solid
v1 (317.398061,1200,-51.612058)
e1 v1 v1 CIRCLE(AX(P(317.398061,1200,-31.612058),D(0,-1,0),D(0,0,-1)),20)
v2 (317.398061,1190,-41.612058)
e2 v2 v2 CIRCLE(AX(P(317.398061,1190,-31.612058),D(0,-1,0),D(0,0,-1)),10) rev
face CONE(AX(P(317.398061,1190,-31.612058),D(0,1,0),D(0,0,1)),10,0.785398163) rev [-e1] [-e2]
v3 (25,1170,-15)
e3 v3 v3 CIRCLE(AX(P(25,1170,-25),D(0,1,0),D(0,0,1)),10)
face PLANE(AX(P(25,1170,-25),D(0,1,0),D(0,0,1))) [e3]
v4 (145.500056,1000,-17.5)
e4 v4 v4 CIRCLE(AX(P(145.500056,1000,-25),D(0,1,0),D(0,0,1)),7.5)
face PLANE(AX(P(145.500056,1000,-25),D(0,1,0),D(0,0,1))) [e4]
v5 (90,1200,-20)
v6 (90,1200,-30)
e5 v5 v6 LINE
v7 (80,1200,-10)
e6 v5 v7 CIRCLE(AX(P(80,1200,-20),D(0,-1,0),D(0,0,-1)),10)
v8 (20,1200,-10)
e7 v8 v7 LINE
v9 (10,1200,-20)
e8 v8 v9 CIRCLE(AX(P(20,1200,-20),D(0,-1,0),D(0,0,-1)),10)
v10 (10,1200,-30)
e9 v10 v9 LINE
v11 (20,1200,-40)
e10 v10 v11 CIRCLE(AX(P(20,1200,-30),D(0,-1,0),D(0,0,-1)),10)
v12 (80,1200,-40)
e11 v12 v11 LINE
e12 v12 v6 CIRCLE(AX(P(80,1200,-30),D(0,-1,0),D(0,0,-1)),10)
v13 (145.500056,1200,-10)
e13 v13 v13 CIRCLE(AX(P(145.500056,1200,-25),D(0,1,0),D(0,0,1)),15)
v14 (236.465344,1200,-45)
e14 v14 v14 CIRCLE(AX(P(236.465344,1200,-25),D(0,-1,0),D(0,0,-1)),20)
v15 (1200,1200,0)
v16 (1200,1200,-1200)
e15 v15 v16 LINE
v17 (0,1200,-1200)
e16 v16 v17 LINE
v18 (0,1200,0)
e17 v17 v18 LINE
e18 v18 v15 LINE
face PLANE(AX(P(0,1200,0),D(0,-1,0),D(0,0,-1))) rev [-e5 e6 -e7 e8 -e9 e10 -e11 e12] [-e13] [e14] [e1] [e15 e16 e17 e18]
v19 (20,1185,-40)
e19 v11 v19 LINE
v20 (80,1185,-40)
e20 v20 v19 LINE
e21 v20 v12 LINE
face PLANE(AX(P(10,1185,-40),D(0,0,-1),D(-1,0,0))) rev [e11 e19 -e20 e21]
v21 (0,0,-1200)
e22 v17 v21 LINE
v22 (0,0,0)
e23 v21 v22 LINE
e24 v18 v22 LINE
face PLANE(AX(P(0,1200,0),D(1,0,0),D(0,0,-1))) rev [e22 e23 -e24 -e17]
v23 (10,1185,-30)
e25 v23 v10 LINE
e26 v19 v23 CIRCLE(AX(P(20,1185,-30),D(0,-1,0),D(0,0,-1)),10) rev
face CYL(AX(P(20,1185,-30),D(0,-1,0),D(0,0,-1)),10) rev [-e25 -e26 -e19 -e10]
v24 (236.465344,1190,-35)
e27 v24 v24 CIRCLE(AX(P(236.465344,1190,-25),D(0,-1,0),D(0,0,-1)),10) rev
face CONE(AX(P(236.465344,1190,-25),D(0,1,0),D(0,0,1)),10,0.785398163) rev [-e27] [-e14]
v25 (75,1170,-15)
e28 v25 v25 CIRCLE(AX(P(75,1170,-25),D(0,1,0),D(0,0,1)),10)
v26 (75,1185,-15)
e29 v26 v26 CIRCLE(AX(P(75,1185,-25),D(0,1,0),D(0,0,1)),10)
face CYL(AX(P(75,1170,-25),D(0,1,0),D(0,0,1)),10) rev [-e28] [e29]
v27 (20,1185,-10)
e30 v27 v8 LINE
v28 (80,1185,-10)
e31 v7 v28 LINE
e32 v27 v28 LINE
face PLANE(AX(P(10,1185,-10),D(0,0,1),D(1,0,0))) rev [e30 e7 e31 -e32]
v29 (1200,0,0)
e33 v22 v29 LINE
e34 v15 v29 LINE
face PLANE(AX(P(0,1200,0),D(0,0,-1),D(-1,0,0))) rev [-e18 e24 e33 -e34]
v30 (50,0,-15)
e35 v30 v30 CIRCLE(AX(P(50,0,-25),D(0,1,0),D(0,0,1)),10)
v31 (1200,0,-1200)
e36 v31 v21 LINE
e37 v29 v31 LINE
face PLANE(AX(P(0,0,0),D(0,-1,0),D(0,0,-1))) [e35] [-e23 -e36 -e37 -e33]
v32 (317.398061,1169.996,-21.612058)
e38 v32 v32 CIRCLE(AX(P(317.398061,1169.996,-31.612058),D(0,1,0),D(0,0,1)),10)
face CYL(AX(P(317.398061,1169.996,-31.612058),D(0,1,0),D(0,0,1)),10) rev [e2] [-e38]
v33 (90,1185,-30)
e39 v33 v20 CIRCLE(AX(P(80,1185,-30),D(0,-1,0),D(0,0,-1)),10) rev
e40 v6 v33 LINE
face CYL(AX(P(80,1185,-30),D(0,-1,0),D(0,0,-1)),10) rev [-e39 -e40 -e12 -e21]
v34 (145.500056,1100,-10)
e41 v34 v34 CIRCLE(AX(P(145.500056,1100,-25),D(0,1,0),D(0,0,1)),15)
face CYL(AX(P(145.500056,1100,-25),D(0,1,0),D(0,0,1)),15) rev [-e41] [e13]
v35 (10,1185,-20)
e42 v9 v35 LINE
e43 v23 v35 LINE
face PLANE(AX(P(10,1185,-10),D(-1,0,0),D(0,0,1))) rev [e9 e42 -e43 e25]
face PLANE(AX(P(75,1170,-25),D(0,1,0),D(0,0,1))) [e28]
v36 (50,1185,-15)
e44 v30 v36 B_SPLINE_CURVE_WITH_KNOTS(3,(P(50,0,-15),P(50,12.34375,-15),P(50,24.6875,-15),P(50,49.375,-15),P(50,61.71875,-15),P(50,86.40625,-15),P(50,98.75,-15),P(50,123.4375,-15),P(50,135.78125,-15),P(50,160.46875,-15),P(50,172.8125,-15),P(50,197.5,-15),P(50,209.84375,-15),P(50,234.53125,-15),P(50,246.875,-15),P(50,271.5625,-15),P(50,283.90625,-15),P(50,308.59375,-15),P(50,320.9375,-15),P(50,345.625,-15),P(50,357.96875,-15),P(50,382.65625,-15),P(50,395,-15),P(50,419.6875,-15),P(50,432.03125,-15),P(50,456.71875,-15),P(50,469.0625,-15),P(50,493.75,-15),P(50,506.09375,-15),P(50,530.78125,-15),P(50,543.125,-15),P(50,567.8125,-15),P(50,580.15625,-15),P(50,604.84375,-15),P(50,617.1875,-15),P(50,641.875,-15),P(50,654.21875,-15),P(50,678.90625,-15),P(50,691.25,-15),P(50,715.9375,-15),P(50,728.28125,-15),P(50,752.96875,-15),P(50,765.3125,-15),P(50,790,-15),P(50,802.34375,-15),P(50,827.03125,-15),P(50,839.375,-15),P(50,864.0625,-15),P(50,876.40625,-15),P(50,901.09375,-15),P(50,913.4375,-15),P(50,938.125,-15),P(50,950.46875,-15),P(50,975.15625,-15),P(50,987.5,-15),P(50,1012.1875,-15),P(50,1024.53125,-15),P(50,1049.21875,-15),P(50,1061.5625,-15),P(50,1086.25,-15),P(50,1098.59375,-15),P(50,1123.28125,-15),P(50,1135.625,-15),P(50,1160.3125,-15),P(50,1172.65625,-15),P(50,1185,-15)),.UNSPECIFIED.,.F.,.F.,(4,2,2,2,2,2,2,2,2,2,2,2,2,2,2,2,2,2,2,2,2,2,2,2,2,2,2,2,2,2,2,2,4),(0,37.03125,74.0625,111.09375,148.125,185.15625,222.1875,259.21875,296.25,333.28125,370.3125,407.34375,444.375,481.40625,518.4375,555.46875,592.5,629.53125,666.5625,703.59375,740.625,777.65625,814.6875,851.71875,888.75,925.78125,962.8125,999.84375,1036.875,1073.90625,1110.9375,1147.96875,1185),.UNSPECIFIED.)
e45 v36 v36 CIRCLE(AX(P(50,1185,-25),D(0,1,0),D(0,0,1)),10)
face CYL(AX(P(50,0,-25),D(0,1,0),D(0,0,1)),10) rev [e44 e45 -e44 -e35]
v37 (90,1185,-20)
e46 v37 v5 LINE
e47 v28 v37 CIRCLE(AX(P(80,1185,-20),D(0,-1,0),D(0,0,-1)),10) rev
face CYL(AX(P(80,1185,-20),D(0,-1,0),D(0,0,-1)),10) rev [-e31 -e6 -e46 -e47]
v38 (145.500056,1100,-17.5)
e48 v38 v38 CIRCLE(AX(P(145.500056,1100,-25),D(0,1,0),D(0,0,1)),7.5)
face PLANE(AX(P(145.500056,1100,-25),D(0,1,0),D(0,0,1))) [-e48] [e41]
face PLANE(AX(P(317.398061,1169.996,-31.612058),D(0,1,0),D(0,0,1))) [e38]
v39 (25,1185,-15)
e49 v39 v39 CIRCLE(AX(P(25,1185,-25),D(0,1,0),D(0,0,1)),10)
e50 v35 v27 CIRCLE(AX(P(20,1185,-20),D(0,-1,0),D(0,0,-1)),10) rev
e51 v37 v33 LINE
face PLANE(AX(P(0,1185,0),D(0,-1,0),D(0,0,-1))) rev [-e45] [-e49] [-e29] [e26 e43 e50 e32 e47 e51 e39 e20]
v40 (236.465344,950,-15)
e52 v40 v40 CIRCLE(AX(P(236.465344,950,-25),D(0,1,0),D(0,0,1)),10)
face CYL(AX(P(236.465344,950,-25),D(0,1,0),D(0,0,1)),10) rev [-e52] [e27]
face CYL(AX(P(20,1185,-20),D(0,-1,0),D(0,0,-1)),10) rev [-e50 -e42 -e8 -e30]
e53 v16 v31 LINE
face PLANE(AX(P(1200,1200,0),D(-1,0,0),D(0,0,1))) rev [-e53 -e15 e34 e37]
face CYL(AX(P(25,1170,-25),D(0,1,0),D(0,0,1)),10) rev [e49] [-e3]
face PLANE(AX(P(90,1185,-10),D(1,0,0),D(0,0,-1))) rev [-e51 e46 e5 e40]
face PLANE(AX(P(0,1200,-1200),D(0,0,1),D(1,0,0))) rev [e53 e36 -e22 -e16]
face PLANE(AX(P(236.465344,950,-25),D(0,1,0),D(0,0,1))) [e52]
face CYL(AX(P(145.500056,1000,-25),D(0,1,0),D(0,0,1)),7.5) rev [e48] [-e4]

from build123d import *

# Parameters (mm, degrees)
SKETCH1_W           = 1200
SKETCH1_H           = 1200
BOSS_EXTRUDE1_DEPTH = 1200
SKETCH3_W           = 80
SKETCH3_H           = 30
CUT_EXTRUDE2_DEPTH  = 15
FILLET1_R           = 10
SKETCH4_R           = 10
CUT_EXTRUDE3_DEPTH  = 15
SKETCH5_R           = 10
CUT_EXTRUDE4_DEPTH  = 2070.8369501
SKETCH6_R           = 15
CUT_EXTRUDE5_DEPTH  = 100
SKETCH8_R           = 7.5
CUT_EXTRUDE6_DEPTH  = 100
SKETCH11_R          = 10
CUT_EXTRUDE7_DEPTH  = 250
CHAMFER1_SIZE       = 10
SKETCH12_R          = 10
CUT_EXTRUDE8_DEPTH  = 30.004
CHAMFER2_SIZE       = 10


with BuildPart() as part:
    # Sketch1 → Boss-Extrude1 (new body)
    with BuildSketch(Plane(origin=(0, 0, 0), x_dir=(1, 0, 0), z_dir=(0, 1, 0))):
        with Locations((600, 600)):
            Rectangle(SKETCH1_W, SKETCH1_H)
    extrude(amount=BOSS_EXTRUDE1_DEPTH)

    # Sketch3 → Cut-Extrude2 (cut)
    with BuildSketch(Plane(origin=(0, 1200, 0), x_dir=(1, 0, 0), z_dir=(0, 1, 0))):
        with Locations((50, 25)):
            Rectangle(SKETCH3_W, SKETCH3_H)
    extrude(amount=-CUT_EXTRUDE2_DEPTH, mode=Mode.SUBTRACT)

    # Fillet1
    fillet1_edges = [part.edges().sort_by_distance(p)[0] for p in [
        (10, 1192.5, -10),
        (10, 1192.5, -40),
        (90, 1192.5, -40),
        (90, 1192.5, -10),
    ]]
    fillet(fillet1_edges, radius=FILLET1_R)

    # Sketch4 → Cut-Extrude3 (cut)
    with BuildSketch(Plane(origin=(0, 1185, 0), x_dir=(1, 0, 0), z_dir=(0, 1, 0))):
        with Locations(Location((25, 25, 0), (0, 0, 270))):
            Circle(SKETCH4_R)
        with Locations(Location((75, 25, 0), (0, 0, 270))):
            Circle(SKETCH4_R)
    extrude(amount=-CUT_EXTRUDE3_DEPTH, mode=Mode.SUBTRACT)

    # Sketch5 → Cut-Extrude4 (cut, through all)
    with BuildSketch(Plane(origin=(0, 1185, 0), x_dir=(1, 0, 0), z_dir=(0, 1, 0))):
        with Locations(Location((50, 25, 0), (0, 0, 270))):
            Circle(SKETCH5_R)
    extrude(amount=-CUT_EXTRUDE4_DEPTH, mode=Mode.SUBTRACT)

    # Sketch6 → Cut-Extrude5 (cut)
    with BuildSketch(Plane(origin=(0, 1200, 0), x_dir=(1, 0, 0), z_dir=(0, 1, 0))):
        with Locations(Location((145.500055777, 25, 0), (0, 0, 270))):
            Circle(SKETCH6_R)
    extrude(amount=-CUT_EXTRUDE5_DEPTH, mode=Mode.SUBTRACT)

    # Sketch8 → Cut-Extrude6 (cut)
    with BuildSketch(Plane(origin=(0, 1100, 0), x_dir=(1, 0, 0), z_dir=(0, 1, 0))):
        with Locations(Location((145.500055777, 25, 0), (0, 0, 270))):
            Circle(SKETCH8_R)
    extrude(amount=-CUT_EXTRUDE6_DEPTH, mode=Mode.SUBTRACT)

    # Sketch11 → Cut-Extrude7 (cut)
    with BuildSketch(Plane(origin=(0, 1200, 0), x_dir=(1, 0, 0), z_dir=(0, 1, 0))):
        with Locations(Location((236.465344037, 25, 0), (0, 0, 270))):
            Circle(SKETCH11_R)
    extrude(amount=-CUT_EXTRUDE7_DEPTH, mode=Mode.SUBTRACT)

    # Chamfer1
    chamfer1_edges = [part.edges().sort_by_distance(p)[0] for p in [
        (236.465344037, 1200, -35),
    ]]
    chamfer(chamfer1_edges, length=CHAMFER1_SIZE)

    # Sketch12 → Cut-Extrude8 (cut)
    with BuildSketch(Plane(origin=(0, 1200, 0), x_dir=(1, 0, 0), z_dir=(0, 1, 0))):
        with Locations(Location((317.39806053, 31.612058329, 0), (0, 0, 270))):
            Circle(SKETCH12_R)
    extrude(amount=-CUT_EXTRUDE8_DEPTH, mode=Mode.SUBTRACT)

    # Chamfer2
    chamfer2_edges = [part.edges().sort_by_distance(p)[0] for p in [
        (317.39806053, 1200, -41.612058329),
    ]]
    chamfer(chamfer2_edges, length=CHAMFER2_SIZE)


solid = part.part
